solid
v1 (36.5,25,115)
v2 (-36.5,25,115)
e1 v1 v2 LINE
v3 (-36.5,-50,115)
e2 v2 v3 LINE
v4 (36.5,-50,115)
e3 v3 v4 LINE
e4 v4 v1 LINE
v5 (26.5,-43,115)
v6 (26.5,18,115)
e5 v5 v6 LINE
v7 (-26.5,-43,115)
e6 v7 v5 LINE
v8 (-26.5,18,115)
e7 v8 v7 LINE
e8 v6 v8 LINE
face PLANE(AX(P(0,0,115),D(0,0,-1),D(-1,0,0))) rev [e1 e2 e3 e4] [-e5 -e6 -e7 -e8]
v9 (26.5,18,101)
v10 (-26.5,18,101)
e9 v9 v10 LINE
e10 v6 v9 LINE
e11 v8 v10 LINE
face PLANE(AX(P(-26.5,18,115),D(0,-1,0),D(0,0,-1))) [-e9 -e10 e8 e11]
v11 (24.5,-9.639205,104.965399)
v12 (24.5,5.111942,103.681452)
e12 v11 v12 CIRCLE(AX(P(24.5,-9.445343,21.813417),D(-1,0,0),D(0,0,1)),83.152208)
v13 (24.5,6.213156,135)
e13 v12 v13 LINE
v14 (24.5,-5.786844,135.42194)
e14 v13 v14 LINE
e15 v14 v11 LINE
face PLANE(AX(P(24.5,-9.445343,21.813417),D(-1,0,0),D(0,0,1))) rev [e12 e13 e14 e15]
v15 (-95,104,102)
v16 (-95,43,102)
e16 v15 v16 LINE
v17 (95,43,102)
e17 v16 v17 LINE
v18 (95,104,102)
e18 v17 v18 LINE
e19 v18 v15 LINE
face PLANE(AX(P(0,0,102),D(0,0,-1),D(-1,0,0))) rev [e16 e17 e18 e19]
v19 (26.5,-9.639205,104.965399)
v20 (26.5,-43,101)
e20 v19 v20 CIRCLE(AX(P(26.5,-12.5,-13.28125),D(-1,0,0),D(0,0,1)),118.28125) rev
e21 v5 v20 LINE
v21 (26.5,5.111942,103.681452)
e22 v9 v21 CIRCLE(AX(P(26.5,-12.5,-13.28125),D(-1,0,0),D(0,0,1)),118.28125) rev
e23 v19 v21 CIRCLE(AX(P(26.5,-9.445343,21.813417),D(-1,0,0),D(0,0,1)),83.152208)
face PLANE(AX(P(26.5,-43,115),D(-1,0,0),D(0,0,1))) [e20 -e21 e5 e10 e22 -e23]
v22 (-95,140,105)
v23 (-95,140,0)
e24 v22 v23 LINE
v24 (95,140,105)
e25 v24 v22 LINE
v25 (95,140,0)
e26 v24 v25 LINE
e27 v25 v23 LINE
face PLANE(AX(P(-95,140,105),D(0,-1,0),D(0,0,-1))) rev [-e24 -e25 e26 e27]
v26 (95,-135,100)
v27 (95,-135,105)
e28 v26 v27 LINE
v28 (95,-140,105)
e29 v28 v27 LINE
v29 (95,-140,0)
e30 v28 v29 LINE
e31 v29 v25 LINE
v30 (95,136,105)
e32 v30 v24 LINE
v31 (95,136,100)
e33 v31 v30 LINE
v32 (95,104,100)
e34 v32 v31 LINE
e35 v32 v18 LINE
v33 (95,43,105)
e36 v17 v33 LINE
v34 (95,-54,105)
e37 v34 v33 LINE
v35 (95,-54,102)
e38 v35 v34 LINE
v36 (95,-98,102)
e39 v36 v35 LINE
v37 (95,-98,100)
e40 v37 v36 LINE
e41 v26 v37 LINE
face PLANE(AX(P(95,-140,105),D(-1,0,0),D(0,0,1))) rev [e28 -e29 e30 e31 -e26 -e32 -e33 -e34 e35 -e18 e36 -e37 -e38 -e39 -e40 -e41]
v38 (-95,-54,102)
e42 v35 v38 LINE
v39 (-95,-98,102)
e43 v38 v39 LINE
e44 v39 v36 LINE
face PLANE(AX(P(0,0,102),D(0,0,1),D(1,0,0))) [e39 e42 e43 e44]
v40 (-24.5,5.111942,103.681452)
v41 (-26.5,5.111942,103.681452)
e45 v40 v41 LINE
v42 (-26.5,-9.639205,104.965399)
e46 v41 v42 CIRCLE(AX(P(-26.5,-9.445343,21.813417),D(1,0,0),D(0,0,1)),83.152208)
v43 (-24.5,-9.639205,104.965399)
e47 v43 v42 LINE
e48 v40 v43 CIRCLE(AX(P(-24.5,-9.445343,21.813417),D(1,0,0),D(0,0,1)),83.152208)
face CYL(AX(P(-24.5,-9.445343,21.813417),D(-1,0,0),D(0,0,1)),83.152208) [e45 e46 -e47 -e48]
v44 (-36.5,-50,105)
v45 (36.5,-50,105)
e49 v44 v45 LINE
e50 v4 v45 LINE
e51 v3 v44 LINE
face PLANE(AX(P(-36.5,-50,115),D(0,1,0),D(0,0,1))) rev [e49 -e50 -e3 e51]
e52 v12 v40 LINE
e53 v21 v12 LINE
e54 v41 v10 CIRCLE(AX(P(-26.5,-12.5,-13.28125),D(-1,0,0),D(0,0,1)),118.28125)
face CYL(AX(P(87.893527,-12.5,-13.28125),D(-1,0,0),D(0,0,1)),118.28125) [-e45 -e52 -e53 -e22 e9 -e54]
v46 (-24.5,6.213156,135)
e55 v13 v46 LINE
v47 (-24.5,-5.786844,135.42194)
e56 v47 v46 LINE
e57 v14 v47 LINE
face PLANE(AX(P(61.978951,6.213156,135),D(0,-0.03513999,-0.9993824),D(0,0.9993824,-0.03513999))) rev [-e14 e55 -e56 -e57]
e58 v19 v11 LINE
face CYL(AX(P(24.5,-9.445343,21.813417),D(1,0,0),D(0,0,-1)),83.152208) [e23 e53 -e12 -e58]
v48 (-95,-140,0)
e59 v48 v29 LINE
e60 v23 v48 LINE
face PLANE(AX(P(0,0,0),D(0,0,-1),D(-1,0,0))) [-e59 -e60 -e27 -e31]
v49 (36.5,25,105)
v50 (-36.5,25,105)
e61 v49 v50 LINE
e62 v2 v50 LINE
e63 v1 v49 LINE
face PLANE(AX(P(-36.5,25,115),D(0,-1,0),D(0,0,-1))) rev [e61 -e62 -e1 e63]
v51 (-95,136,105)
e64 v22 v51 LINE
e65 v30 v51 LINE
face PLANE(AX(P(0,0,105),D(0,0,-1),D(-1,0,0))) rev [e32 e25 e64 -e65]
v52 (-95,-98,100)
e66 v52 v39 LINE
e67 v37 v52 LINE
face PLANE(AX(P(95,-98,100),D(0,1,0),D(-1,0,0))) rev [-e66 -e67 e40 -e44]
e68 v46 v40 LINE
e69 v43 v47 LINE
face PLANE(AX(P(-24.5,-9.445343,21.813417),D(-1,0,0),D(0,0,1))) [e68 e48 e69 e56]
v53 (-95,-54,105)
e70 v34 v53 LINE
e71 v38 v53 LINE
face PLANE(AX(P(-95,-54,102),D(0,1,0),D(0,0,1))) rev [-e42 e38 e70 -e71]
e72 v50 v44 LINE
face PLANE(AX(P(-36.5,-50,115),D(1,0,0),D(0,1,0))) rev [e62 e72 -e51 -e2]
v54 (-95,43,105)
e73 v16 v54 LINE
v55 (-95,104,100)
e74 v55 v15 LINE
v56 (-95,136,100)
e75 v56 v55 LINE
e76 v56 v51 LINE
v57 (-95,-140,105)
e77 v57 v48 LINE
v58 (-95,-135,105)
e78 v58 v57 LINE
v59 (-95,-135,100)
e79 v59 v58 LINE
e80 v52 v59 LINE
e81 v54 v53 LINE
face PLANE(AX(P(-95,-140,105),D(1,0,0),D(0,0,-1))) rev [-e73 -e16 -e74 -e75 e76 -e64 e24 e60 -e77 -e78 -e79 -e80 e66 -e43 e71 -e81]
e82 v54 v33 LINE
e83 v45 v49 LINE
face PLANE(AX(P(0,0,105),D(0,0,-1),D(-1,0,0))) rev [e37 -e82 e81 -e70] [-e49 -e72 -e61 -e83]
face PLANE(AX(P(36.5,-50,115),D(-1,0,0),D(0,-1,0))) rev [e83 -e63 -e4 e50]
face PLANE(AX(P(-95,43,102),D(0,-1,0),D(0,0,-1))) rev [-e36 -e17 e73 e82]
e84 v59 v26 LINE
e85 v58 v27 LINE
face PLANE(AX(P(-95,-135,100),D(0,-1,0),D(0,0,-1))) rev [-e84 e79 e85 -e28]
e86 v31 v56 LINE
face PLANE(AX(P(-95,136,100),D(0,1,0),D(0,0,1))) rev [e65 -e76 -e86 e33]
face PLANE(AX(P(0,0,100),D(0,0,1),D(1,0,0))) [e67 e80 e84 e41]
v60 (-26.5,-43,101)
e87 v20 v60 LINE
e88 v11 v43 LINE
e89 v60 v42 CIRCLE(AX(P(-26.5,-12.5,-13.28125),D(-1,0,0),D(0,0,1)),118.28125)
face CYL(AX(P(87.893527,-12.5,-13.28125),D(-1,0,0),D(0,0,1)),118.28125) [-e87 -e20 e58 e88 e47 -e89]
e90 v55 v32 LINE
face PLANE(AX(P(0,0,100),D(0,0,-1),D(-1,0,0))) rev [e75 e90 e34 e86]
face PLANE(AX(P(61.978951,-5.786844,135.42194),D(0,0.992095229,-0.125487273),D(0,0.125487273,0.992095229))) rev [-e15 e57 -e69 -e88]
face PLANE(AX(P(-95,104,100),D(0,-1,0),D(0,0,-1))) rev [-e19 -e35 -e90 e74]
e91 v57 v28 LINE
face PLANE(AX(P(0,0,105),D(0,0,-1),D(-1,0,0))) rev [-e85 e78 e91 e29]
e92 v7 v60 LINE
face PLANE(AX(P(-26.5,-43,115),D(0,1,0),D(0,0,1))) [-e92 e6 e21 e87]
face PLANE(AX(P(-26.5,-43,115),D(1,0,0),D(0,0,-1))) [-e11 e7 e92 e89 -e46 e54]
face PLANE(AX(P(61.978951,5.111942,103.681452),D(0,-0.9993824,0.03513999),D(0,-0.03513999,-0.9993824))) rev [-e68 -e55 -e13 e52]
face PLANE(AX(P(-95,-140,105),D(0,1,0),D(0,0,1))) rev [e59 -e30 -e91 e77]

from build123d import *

# Parameters (mm, degrees)
CROQUIS1_W              = 190
CROQUIS1_H              = 280
SALIENTE_EXTRUIR1_DEPTH = 105
CROQUIS2_W              = 73
CROQUIS2_H              = 75
CROQUIS2_W_2            = 53
CROQUIS2_H_2            = 61
SALIENTE_EXTRUIR2_DEPTH = 10
CROQUIS3_W              = 190
CROQUIS3_H              = 32
CORTAR_EXTRUIR1_DEPTH   = 5
CROQUIS4_W              = 190
CROQUIS4_H              = 61
CORTAR_EXTRUIR2_DEPTH   = 3
CORTAR_EXTRUIR3_DEPTH   = 53
SALIENTE_EXTRUIR3_DEPTH = 53
CORTAR_EXTRUIR4_DEPTH   = 2
CORTAR_EXTRUIR5_DEPTH   = 2
CROQUIS10_W             = 190
CROQUIS10_H             = 44
CORTAR_EXTRUIR6_DEPTH   = 3
CROQUIS11_W             = 190
CROQUIS11_H             = 37
CORTAR_EXTRUIR7_DEPTH   = 5


with BuildPart() as part:
    # Croquis1 → Saliente-Extruir1 (new body)
    with BuildSketch(Plane.XY):
        Rectangle(CROQUIS1_W, CROQUIS1_H)
    extrude(amount=SALIENTE_EXTRUIR1_DEPTH)

    # Croquis2 → Saliente-Extruir2 (add)
    with BuildSketch(Plane.XY.offset(105)):
        with Locations((0, -12.5)):
            Rectangle(CROQUIS2_W, CROQUIS2_H)
        with Locations((0, -12.5)):
            Rectangle(CROQUIS2_W_2, CROQUIS2_H_2, mode=Mode.SUBTRACT)
    extrude(amount=SALIENTE_EXTRUIR2_DEPTH)

    # Croquis3 → Cortar-Extruir1 (cut)
    with BuildSketch(Plane.XY.offset(105)):
        with Locations((0, 120)):
            Rectangle(CROQUIS3_W, CROQUIS3_H)
    extrude(amount=-CORTAR_EXTRUIR1_DEPTH, mode=Mode.SUBTRACT)

    # Croquis4 → Cortar-Extruir2 (cut)
    with BuildSketch(Plane.XY.offset(105)):
        with Locations((0, 73.5)):
            Rectangle(CROQUIS4_W, CROQUIS4_H)
    extrude(amount=-CORTAR_EXTRUIR2_DEPTH, mode=Mode.SUBTRACT)

    # Croquis6 → Cortar-Extruir3 (cut)
    with BuildSketch(Plane(origin=(-26.5, 0, 0), x_dir=(0, 0, -1), z_dir=(1, 0, 0))):
        with BuildLine():
            Line((-105, 18), (-101, 18))
            ThreePointArc((-101, 18), (-105, -12.5), (-101, -43))
            Line((-101, -43), (-105, -43))
            Line((-105, -43), (-107.940115758, -14.951898157))
            Line((-107.940115758, -14.951898157), (-105, 18))
        make_face()
    extrude(amount=CORTAR_EXTRUIR3_DEPTH, mode=Mode.SUBTRACT)

    # Croquis7 → Saliente-Extruir3 (add)
    with BuildSketch(Plane(origin=(-26.5, 0, 0), x_dir=(0, 0, -1), z_dir=(1, 0, 0))):
        with BuildLine():
            Line((-103.681451712, 5.111942251), (-135, 6.21315585))
            Line((-135, 6.21315585), (-135.421940476, -5.78684415))
            Line((-135.421940476, -5.78684415), (-104.965398794, -9.639204549))
            ThreePointArc((-104.965398794, -9.639204549), (-104.554477707, -2.24352023), (-103.681451712, 5.111942251))
        make_face()
    extrude(amount=SALIENTE_EXTRUIR3_DEPTH)

    # Croquis8 → Cortar-Extruir4 (cut)
    with BuildSketch(Plane(origin=(26.5, 0, 0), x_dir=(0, 0, -1), z_dir=(1, 0, 0))):
        with BuildLine():
            Line((-135, 6.21315585), (-103.681451712, 5.111942251))
            ThreePointArc((-103.681451712, 5.111942251), (-104.652420764, -2.234995218), (-104.965398794, -9.639204549))
            Line((-104.965398794, -9.639204549), (-135.421940476, -5.78684415))
            Line((-135.421940476, -5.78684415), (-135, 6.21315585))
        make_face()
    extrude(amount=-CORTAR_EXTRUIR4_DEPTH, mode=Mode.SUBTRACT)

    # Croquis9 → Cortar-Extruir5 (cut)
    with BuildSketch(Plane.ZY.offset(26.5)):
        with BuildLine():
            Line((103.681451712, 5.111942251), (135, 6.21315585))
            Line((135, 6.21315585), (135.421940476, -5.78684415))
            Line((135.421940476, -5.78684415), (104.965398794, -9.639204549))
            ThreePointArc((104.965398794, -9.639204549), (104.652420764, -2.234995218), (103.681451712, 5.111942251))
        make_face()
    extrude(amount=-CORTAR_EXTRUIR5_DEPTH, mode=Mode.SUBTRACT)

    # Croquis10 → Cortar-Extruir6 (cut)
    with BuildSketch(Plane.XY.offset(105)):
        with Locations((0, -76)):
            Rectangle(CROQUIS10_W, CROQUIS10_H)
    extrude(amount=-CORTAR_EXTRUIR6_DEPTH, mode=Mode.SUBTRACT)

    # Croquis11 → Cortar-Extruir7 (cut)
    with BuildSketch(Plane.XY.offset(105)):
        with Locations((0, -116.5)):
            Rectangle(CROQUIS11_W, CROQUIS11_H)
    extrude(amount=-CORTAR_EXTRUIR7_DEPTH, mode=Mode.SUBTRACT)


solid = part.part
